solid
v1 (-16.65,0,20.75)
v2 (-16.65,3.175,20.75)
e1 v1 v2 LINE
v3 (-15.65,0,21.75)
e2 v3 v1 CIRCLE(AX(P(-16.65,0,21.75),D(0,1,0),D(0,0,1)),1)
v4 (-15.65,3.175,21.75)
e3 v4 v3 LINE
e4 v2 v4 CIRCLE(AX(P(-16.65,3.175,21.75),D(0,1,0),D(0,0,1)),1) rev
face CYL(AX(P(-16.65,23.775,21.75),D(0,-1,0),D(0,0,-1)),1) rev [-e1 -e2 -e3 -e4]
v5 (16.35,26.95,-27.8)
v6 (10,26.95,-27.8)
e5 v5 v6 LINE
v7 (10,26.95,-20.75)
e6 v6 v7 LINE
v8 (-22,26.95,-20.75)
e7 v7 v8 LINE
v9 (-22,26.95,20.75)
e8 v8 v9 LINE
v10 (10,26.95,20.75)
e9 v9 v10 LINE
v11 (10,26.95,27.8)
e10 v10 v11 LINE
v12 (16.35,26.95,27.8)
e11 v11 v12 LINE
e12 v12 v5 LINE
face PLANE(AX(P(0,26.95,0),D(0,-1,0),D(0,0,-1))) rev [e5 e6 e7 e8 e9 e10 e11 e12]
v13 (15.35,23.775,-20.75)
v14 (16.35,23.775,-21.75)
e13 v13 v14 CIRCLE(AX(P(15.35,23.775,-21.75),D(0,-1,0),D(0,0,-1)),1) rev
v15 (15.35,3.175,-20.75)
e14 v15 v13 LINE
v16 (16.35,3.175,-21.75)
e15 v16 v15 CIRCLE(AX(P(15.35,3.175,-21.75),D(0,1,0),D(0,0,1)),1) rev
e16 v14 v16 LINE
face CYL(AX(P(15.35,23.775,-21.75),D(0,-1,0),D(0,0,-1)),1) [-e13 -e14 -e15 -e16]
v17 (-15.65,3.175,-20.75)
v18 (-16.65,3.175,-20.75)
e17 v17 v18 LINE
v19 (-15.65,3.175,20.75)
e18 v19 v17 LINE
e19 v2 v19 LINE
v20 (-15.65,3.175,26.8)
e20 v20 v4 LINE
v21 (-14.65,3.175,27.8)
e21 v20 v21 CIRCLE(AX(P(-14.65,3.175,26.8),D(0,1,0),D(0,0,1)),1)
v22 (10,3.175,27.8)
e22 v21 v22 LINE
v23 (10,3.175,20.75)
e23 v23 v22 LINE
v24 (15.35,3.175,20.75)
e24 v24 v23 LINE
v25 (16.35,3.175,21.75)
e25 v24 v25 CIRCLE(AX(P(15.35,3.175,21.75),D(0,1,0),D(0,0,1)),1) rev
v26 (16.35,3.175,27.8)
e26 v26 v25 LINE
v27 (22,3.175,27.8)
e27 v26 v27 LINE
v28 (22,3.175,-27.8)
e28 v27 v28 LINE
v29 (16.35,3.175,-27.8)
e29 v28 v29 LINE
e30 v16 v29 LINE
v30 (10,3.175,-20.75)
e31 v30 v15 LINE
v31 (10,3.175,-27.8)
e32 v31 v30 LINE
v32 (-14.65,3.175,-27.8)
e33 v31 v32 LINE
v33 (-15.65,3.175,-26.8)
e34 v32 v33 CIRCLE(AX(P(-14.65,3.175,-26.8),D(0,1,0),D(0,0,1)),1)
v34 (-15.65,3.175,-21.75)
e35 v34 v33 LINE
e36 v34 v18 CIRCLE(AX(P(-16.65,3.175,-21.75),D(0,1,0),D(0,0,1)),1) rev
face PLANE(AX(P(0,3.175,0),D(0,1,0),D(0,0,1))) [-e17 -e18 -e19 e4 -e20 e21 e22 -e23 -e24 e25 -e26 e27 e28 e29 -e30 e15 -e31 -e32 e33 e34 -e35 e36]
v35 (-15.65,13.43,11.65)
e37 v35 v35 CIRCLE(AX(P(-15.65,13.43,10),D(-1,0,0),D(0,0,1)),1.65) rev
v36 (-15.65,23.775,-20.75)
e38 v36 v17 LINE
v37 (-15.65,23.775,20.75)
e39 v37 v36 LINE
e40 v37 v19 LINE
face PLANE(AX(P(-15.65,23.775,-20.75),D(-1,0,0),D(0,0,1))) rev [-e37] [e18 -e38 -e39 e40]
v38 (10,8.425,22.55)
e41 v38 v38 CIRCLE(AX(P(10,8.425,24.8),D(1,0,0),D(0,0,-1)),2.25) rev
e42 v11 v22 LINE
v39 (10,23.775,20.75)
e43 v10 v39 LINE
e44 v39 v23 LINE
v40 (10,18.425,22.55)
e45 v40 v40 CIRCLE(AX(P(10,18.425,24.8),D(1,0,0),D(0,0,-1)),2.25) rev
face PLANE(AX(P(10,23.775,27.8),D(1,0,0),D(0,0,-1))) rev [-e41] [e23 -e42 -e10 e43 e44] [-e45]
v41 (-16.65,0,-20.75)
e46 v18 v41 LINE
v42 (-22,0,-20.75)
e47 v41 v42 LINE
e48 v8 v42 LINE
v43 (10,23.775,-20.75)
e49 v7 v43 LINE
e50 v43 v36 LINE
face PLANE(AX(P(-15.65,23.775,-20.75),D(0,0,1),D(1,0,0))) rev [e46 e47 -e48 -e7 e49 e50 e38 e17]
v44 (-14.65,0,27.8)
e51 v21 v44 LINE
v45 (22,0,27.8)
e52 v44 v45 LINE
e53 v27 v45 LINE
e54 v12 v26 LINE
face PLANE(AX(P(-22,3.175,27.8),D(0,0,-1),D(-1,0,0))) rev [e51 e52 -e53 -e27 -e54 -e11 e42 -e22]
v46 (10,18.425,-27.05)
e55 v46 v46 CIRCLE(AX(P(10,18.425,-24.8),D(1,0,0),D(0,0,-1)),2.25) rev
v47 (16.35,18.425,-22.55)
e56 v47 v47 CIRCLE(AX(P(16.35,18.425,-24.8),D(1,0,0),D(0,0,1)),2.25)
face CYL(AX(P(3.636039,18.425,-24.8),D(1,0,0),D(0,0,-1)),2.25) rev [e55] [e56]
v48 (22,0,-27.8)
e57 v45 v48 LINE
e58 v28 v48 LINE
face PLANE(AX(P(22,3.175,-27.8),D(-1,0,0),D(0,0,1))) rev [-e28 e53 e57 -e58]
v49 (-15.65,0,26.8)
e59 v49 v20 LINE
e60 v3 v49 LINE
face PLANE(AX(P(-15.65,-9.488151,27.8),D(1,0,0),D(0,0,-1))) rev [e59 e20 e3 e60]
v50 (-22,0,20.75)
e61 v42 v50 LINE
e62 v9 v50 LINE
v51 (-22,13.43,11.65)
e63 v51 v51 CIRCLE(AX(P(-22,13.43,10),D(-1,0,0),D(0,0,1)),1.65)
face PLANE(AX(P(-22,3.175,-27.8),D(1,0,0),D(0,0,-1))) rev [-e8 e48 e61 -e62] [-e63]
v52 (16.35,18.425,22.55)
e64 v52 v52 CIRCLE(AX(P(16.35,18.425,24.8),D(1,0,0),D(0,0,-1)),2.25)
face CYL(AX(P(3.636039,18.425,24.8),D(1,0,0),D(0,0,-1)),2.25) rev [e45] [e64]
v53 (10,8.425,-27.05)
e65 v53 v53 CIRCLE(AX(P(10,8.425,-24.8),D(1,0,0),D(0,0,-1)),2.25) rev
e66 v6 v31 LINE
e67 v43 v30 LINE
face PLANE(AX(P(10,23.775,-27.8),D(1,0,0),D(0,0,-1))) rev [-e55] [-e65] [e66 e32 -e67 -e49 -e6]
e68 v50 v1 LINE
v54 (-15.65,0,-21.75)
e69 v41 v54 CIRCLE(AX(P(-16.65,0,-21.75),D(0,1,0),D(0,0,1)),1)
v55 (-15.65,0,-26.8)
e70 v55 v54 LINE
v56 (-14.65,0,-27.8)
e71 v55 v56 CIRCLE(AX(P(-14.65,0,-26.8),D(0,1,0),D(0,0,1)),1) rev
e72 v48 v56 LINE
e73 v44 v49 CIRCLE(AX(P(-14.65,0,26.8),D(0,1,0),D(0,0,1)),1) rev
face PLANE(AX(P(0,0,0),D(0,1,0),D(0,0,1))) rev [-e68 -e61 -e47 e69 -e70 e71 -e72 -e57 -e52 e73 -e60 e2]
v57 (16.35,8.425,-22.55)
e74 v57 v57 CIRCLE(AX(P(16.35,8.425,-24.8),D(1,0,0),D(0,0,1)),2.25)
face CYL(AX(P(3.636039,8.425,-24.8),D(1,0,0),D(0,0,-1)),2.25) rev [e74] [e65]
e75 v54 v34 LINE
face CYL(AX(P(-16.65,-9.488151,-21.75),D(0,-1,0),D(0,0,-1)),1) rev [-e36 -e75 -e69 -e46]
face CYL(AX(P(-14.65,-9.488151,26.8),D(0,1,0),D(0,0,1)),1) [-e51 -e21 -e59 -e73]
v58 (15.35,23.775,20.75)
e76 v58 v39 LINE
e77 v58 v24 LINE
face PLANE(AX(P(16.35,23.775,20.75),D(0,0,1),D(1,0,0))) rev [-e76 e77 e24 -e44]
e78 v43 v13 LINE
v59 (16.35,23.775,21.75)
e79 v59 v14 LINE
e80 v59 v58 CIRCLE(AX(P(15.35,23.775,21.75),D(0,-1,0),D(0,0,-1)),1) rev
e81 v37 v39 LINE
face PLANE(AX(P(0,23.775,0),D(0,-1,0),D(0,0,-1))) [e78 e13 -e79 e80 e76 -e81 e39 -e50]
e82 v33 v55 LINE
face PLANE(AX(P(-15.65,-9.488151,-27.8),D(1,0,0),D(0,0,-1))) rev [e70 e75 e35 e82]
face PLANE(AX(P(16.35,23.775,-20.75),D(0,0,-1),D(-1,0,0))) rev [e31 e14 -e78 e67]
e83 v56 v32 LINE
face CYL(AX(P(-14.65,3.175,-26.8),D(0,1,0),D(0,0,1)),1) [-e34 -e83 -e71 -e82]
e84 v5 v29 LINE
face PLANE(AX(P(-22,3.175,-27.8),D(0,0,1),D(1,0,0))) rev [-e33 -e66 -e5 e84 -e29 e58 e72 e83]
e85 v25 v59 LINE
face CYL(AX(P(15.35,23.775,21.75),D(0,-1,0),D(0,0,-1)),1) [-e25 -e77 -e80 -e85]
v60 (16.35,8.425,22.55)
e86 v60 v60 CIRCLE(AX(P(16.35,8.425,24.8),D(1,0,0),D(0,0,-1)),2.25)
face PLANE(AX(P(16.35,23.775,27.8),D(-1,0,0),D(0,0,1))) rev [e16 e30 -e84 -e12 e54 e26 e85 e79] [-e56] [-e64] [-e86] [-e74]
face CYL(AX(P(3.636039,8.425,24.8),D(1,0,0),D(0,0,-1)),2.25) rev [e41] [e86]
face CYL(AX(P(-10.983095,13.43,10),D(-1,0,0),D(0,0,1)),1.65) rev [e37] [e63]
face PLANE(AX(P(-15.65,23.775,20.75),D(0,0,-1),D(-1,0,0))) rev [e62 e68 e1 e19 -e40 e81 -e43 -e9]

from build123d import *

# Parameters (mm, degrees)
SKETCH1_W           = 44
SKETCH1_H           = 55.6
BOSS_EXTRUDE1_DEPTH = 3.175
SKETCH2_W           = 6.35
SKETCH2_H           = 41.5
SKETCH2_H_2         = 7.05
BOSS_EXTRUDE2_DEPTH = 20.6
BOSS_EXTRUDE3_DEPTH = 3.175
SKETCH5_R           = 2.25
CUT_EXTRUDE2_DEPTH  = 6.35
SKETCH6_R           = 1.65
CUT_EXTRUDE3_DEPTH  = 6.35
FILLET1_R           = 1
SKETCH7_W           = 6.35
SKETCH7_H           = 7.05
CUT_EXTRUDE4_DEPTH  = 3.175
FILLET2_R           = 1


with BuildPart() as part:
    # Sketch1 → Boss-Extrude1 (new body)
    with BuildSketch(Plane(origin=(0, 0, 0), x_dir=(1, 0, 0), z_dir=(0, 1, 0))):
        Rectangle(SKETCH1_W, SKETCH1_H)
    extrude(amount=BOSS_EXTRUDE1_DEPTH)

    # Sketch2 → Boss-Extrude2 (add)
    with BuildSketch(Plane(origin=(0, 3.175, 0), x_dir=(1, 0, 0), z_dir=(0, 1, 0))):
        with Locations((-18.825, 0)):
            Rectangle(SKETCH2_W, SKETCH2_H)
        with Locations((13.175, 24.275)):
            Rectangle(SKETCH2_W, SKETCH2_H_2)
        with Locations((13.175, -24.275)):
            Rectangle(SKETCH2_W, SKETCH2_H_2)
    extrude(amount=BOSS_EXTRUDE2_DEPTH)

    # Sketch3 → Boss-Extrude3 (add)
    with BuildSketch(Plane(origin=(0, 23.775, 0), x_dir=(1, 0, 0), z_dir=(0, 1, 0))):
        Polygon((-22, 20.75), (10, 20.75), (10, 27.8), (16.35, 27.8), (16.35, -27.8), (10, -27.8), (10, -20.75), (-22, -20.75), align=None)
    extrude(amount=BOSS_EXTRUDE3_DEPTH)

    # Sketch5 → Cut-Extrude2 (cut)
    with BuildSketch(Plane(origin=(16.35, 0, 0), x_dir=(0, 0, -1), z_dir=(1, 0, 0))):
        with Locations((-24.8, 8.425)):
            Circle(SKETCH5_R)
        with Locations((-24.8, 18.425)):
            Circle(SKETCH5_R)
        with Locations((24.8, 18.425)):
            Circle(SKETCH5_R)
        with Locations((24.8, 8.425)):
            Circle(SKETCH5_R)
    extrude(amount=-CUT_EXTRUDE2_DEPTH, mode=Mode.SUBTRACT)

    # Sketch6 → Cut-Extrude3 (cut)
    with BuildSketch(Plane.ZY.offset(22)):
        with Locations((10, 13.43)):
            Circle(SKETCH6_R)
    extrude(amount=-CUT_EXTRUDE3_DEPTH, mode=Mode.SUBTRACT)

    # Fillet1
    fillet1_edges = [part.edges().sort_by_distance(p)[0] for p in [
        (16.35, 13.475, 20.75),
        (16.35, 13.475, -20.75),
    ]]
    fillet(fillet1_edges, radius=FILLET1_R)

    # Sketch7 → Cut-Extrude4 (cut)
    with BuildSketch(Plane(origin=(0, 3.175, 0), x_dir=(1, 0, 0), z_dir=(0, 1, 0))):
        with Locations((-18.825, -24.275)):
            Rectangle(SKETCH7_W, SKETCH7_H)
        with Locations((-18.825, 24.275)):
            Rectangle(SKETCH7_W, SKETCH7_H)
    extrude(amount=-CUT_EXTRUDE4_DEPTH, mode=Mode.SUBTRACT)

    # Fillet2
    fillet2_edges = [part.edges().sort_by_distance(p)[0] for p in [
        (-15.65, 1.5875, 20.75),
        (-15.65, 1.5875, 27.8),
        (-15.65, 1.5875, -27.8),
        (-15.65, 1.5875, -20.75),
    ]]
    fillet(fillet2_edges, radius=FILLET2_R)


solid = part.part
